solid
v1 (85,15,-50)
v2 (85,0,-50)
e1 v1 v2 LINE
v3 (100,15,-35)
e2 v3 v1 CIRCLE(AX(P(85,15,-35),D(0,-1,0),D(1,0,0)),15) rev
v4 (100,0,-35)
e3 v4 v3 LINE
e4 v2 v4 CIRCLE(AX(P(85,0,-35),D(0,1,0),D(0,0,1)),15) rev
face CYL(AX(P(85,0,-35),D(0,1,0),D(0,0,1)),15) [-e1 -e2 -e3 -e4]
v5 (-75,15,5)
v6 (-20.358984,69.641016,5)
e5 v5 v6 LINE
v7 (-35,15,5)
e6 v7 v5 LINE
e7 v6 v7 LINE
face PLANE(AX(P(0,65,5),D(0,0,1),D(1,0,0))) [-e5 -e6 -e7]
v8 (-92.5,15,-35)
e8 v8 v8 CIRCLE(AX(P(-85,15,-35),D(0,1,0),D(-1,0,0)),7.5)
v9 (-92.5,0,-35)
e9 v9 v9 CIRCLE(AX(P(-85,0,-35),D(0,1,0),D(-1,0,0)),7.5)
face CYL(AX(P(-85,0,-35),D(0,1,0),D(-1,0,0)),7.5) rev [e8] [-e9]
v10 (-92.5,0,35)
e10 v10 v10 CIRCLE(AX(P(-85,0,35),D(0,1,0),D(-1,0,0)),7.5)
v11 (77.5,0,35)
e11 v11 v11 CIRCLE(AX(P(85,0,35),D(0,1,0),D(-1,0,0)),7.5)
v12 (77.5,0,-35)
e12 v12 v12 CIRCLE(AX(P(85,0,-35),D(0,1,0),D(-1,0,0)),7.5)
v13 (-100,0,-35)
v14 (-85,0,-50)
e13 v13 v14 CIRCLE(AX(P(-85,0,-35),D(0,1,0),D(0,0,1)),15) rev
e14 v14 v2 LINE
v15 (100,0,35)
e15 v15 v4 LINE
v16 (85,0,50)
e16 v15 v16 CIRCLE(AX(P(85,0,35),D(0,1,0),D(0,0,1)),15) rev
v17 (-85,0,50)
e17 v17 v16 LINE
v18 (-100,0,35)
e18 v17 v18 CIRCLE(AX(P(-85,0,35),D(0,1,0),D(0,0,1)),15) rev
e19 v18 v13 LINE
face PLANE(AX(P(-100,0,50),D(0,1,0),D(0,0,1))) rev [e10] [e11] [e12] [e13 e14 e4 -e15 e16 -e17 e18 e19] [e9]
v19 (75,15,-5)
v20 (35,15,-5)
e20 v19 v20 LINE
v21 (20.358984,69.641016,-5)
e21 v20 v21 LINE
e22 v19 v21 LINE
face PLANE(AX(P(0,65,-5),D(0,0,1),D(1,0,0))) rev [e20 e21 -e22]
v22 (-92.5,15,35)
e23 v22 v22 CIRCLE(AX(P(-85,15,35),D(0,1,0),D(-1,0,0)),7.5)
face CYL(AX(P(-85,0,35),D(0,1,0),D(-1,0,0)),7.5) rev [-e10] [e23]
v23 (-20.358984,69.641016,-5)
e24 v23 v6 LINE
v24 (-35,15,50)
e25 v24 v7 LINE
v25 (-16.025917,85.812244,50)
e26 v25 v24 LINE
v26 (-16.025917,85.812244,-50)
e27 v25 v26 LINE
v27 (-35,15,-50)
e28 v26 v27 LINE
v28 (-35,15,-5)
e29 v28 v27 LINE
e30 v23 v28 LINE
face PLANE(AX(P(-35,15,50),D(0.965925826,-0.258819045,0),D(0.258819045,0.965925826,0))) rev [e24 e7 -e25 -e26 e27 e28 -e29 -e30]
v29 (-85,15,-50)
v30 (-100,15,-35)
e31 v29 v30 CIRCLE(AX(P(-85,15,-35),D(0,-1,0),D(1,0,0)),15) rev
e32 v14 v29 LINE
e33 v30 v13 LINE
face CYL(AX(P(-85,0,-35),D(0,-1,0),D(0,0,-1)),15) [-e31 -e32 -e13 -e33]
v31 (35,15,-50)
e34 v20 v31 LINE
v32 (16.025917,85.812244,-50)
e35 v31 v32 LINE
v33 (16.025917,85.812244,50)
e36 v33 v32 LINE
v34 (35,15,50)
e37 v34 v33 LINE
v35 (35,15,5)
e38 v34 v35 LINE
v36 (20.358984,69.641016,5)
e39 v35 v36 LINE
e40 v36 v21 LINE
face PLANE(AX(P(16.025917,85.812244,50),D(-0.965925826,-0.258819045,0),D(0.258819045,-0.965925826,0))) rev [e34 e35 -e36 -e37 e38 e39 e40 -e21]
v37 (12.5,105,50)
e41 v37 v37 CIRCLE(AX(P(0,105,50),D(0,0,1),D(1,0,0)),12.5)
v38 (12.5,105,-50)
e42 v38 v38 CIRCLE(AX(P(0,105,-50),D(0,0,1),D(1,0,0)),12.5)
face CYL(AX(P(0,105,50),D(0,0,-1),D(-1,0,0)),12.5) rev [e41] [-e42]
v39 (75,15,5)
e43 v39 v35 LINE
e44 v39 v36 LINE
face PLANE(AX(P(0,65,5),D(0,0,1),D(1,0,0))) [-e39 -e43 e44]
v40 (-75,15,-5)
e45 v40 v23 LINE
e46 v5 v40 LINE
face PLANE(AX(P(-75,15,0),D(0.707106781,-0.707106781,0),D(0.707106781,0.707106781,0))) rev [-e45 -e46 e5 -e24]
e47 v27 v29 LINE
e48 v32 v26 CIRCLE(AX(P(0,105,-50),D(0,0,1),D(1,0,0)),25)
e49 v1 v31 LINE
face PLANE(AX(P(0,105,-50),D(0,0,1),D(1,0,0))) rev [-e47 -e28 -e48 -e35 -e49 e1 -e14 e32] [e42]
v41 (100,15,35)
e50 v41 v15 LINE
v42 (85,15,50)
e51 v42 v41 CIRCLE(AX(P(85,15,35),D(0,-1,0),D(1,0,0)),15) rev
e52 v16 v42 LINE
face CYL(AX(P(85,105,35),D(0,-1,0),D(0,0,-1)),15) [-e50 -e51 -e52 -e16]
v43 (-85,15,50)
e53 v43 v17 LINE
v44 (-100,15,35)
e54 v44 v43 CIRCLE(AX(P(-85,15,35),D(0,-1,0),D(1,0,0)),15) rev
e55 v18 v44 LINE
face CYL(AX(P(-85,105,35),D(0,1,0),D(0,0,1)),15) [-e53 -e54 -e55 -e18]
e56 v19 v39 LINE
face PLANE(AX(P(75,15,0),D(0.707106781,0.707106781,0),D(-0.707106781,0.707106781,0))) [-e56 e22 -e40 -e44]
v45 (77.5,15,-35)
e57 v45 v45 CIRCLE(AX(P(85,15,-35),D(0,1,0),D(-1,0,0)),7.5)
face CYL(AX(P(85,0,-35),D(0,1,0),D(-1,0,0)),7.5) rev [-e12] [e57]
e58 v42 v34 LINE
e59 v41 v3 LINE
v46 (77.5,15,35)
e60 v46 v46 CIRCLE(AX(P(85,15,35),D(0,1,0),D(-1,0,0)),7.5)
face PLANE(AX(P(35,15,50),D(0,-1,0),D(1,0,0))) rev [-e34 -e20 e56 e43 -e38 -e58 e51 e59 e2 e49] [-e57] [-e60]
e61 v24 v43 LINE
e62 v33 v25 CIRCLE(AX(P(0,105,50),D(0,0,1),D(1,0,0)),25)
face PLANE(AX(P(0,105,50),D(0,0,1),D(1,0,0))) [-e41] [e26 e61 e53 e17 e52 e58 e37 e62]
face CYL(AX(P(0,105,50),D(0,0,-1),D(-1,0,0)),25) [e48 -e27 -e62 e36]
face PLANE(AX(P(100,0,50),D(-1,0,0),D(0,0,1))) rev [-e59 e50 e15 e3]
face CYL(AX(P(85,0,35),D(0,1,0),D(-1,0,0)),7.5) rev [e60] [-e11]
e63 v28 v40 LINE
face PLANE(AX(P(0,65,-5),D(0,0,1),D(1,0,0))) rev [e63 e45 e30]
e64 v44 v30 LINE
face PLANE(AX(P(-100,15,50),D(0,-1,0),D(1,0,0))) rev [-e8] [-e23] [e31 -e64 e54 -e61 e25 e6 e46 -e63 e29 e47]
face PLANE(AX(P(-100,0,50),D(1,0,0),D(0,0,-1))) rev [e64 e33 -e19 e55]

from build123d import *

# Parameters (mm, degrees)
SKETCH1_R           = 12.5
BOSS_EXTRUDE1_DEPTH = 50
FILLET1_R           = 15
SKETCH2_R           = 7.5
CUT_EXTRUDE1_DEPTH  = 161.390149323
RIB1_REACH          = 173.464
SKETCH3_WALL_W      = 422.202630092
SKETCH3_WALL_H      = 10


with BuildPart() as part:
    # Sketch1 → Boss-Extrude1 (new, symmetric)
    with BuildSketch(Plane.XY):
        with BuildLine():
            Line((-35, 15), (-16.025916537, 85.81224351))
            ThreePointArc((-16.025916537, 85.81224351), (0, 130), (16.025916537, 85.81224351))
            Line((16.025916537, 85.81224351), (35, 15))
            Line((35, 15), (100, 15))
            Line((100, 15), (100, 0))
            Line((100, 0), (-100, 0))
            Line((-100, 0), (-100, 15))
            Line((-100, 15), (-35, 15))
        make_face()
        with Locations((0, 105)):
            Circle(SKETCH1_R, mode=Mode.SUBTRACT)
    extrude(amount=BOSS_EXTRUDE1_DEPTH, both=True)

    # Fillet1
    fillet1_edges = [part.edges().sort_by_distance(p)[0] for p in [
        (100, 7.5, -50),
        (-100, 7.5, -50),
        (100, 7.5, 50),
        (-100, 7.5, 50),
    ]]
    fillet(fillet1_edges, radius=FILLET1_R)

    # Sketch2 → Cut-Extrude1 (cut, through all)
    with BuildSketch(Plane(origin=(0, 15, 0), x_dir=(1, 0, 0), z_dir=(0, 1, 0))):
        with Locations(Location((-85, 35, 0), (0, 0, 180))):
            Circle(SKETCH2_R)
        with Locations(Location((-85, -35, 0), (0, 0, 180))):
            Circle(SKETCH2_R)
        with Locations(Location((85, 35, 0), (0, 0, 180))):
            Circle(SKETCH2_R)
        with Locations(Location((85, -35, 0), (0, 0, 180))):
            Circle(SKETCH2_R)
    extrude(amount=-CUT_EXTRUDE1_DEPTH, mode=Mode.SUBTRACT)

    # Sketch3 wall → Rib1 (add, up to next)
    with BuildSketch(Plane(origin=(47.679491924, 42.320508076, 0), x_dir=(-0.707106781187, 0.707106781187, 0), z_dir=(-0.707106781187, -0.707106781187, 0)), mode=Mode.PRIVATE) as rib1_sk1:
        Rectangle(SKETCH3_WALL_W, SKETCH3_WALL_H)
    rib1_tool1 = extrude(rib1_sk1.sketch, amount=RIB1_REACH, mode=Mode.PRIVATE) - part.part
    rib1 = rib1_tool1.solids().sort_by_distance((47.679491924, 42.320508076, 0))[0]
    add(rib1)

    # Mirror1: Rib1 across plane
    add(rib1.mirror(Plane(origin=(0, 0, 0), x_dir=(0, 0, 1), z_dir=(1, 0, 0))))


solid = part.part
